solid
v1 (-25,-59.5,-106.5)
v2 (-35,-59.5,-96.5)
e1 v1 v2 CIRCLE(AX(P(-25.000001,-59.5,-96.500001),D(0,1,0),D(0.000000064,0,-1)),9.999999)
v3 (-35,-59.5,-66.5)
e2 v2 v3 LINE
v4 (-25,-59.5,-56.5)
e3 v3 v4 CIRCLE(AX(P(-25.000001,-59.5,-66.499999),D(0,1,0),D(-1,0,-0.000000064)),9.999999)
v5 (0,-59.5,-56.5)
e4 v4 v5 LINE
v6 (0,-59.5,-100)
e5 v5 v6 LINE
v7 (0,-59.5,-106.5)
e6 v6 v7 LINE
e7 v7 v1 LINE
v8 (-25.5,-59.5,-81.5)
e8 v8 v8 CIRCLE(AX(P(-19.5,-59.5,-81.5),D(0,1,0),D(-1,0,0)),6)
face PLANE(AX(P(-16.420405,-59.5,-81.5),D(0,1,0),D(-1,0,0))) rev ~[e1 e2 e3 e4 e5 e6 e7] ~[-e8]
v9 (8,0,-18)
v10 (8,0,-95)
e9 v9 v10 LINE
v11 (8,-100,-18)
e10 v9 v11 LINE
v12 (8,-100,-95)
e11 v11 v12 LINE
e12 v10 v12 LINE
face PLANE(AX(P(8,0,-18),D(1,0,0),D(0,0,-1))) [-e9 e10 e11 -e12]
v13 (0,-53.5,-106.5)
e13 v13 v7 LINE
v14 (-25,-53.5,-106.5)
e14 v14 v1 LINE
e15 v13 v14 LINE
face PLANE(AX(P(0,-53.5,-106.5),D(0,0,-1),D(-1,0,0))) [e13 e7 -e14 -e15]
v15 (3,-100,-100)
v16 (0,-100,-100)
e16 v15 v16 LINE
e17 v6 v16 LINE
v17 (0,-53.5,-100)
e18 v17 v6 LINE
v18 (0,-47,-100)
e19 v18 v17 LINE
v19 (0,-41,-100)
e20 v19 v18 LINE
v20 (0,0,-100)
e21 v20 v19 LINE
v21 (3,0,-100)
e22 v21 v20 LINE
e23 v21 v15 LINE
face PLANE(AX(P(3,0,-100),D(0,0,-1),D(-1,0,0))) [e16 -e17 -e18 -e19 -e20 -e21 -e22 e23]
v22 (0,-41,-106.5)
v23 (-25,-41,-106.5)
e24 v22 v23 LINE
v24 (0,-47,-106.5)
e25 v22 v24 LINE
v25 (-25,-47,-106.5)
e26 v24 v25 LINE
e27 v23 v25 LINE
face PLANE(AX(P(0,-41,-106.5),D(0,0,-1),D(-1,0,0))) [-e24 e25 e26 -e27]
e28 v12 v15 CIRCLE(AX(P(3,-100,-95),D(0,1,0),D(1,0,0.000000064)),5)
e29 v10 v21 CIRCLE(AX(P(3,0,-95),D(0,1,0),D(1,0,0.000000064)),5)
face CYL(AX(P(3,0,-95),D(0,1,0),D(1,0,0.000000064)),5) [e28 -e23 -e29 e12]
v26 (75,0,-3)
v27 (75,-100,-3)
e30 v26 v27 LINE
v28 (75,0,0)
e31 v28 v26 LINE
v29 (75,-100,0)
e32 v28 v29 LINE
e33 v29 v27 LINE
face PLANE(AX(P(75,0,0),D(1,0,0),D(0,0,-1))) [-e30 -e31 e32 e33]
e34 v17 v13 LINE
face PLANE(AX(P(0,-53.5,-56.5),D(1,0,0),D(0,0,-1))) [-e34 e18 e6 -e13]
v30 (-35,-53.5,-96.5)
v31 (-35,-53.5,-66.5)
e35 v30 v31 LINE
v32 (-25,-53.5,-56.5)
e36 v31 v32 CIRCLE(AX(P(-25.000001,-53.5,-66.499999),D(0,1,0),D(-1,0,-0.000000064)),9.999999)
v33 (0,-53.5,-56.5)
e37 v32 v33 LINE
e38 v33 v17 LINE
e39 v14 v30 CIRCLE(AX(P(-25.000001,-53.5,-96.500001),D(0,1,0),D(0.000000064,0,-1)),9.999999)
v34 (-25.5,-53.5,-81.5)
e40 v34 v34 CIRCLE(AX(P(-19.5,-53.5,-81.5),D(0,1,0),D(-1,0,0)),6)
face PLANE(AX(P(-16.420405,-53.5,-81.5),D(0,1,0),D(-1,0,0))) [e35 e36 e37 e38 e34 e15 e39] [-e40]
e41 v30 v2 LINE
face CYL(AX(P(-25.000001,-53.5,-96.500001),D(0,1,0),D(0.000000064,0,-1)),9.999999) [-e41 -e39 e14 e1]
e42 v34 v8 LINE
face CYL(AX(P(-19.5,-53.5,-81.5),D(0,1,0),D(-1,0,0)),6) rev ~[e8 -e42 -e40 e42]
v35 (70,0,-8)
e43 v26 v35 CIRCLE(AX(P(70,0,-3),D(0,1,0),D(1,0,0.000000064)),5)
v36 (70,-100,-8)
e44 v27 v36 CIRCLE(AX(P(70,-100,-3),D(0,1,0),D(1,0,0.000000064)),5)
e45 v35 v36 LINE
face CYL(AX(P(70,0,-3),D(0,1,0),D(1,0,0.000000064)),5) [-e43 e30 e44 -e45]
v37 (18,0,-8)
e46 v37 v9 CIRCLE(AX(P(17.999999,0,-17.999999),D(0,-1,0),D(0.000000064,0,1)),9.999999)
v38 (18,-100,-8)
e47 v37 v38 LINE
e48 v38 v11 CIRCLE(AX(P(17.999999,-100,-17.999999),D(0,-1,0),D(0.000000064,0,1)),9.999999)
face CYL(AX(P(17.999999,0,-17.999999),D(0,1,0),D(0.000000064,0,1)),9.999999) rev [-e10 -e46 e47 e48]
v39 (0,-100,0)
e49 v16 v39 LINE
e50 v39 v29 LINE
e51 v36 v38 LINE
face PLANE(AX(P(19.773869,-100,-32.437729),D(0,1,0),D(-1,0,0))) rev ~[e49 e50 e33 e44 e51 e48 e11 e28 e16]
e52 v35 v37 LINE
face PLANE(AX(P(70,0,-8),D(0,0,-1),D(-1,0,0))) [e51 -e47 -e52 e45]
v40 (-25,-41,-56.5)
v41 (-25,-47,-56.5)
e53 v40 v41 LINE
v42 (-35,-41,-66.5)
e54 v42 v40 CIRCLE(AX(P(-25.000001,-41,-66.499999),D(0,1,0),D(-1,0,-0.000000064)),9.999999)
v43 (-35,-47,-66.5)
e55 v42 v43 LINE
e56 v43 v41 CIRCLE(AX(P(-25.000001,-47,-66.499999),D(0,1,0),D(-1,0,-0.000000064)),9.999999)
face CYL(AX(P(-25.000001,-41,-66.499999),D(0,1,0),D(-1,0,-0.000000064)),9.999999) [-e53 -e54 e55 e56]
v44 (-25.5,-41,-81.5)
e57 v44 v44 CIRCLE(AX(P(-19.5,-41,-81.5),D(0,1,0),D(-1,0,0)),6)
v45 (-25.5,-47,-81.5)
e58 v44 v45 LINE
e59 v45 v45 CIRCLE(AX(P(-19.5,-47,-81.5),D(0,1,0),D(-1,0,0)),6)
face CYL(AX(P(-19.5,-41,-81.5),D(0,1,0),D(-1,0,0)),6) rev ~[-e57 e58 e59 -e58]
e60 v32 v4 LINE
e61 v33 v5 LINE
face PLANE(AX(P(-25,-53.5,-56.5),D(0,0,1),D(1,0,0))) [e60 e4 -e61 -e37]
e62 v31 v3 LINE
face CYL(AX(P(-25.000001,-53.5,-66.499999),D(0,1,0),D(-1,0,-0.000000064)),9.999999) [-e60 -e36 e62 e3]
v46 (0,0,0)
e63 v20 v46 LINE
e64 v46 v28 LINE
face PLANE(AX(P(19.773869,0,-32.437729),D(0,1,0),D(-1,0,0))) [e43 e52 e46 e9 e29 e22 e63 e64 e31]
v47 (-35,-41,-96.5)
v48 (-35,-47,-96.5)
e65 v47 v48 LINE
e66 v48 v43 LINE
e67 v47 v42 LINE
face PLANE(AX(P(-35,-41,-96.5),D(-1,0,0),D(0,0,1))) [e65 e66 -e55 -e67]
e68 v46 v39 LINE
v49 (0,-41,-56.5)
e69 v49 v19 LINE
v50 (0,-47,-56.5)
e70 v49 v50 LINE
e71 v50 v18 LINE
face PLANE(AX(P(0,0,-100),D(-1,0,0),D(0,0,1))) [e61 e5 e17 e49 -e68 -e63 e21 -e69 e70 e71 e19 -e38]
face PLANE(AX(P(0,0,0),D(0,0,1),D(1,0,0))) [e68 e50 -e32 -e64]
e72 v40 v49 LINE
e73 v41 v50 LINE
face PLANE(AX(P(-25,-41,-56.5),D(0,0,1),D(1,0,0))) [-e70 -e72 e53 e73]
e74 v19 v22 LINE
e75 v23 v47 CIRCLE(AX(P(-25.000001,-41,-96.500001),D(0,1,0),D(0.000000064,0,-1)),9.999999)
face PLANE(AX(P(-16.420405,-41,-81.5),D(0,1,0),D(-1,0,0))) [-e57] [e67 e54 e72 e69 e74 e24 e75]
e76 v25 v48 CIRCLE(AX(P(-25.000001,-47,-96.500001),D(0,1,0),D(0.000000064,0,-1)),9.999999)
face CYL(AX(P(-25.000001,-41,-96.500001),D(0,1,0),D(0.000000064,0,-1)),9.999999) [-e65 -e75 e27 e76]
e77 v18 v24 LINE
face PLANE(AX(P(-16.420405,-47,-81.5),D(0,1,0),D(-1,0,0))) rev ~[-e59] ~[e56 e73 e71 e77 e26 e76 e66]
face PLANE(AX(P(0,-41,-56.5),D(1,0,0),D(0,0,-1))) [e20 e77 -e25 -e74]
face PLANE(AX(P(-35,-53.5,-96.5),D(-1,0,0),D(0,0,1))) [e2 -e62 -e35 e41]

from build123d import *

# Parameters (mm, degrees)
F1_DEPTH = 100
F3_R     = 6
F4_DEPTH = 6
F6_R     = 6
F7_DEPTH = 6
F8_ANGLE = 180


with BuildPart() as f1:
    # F0 (on Front) → F1 (new body)
    with BuildSketch(Plane.XZ):
        with BuildLine():
            Line((0, 0), (-75, 0))
            Line((-75, 0), (-75, -3))
            ThreePointArc((-75, -3), (-73.535534, -6.535534), (-70, -8))
            Line((-70, -8), (-18, -8))
            ThreePointArc((-18, -8), (-10.928932, -10.928932), (-8, -18))
            Line((-8, -18), (-8, -95))
            ThreePointArc((-8, -95), (-6.535534, -98.535534), (-3, -100))
            Line((-3, -100), (0, -100))
            Line((0, -100), (0, 0))
        make_face()
    extrude(amount=-F1_DEPTH)

    # F3 (on offset) → F4 (join)
    with BuildSketch(Plane.XZ.offset(-41)):
        with BuildLine():
            Line((25, -56.5), (0, -56.5))
            Line((0, -56.5), (0, -106.5))
            Line((0, -106.5), (25, -106.5))
            ThreePointArc((25, -106.5), (32.071068, -103.571068), (35, -96.5))
            Line((35, -96.5), (35, -66.5))
            ThreePointArc((35, -66.5), (32.071068, -59.428932), (25, -56.5))
        make_face()
        with Locations((19.5, -81.5)):
            Circle(F3_R, mode=Mode.SUBTRACT)
    extrude(amount=-F4_DEPTH)

    # F6 (on offset) → F7 (join)
    with BuildSketch(Plane.XZ.offset(-53.5)):
        with BuildLine():
            Line((25, -56.5), (0, -56.5))
            Line((0, -56.5), (0, -106.5))
            Line((0, -106.5), (25, -106.5))
            ThreePointArc((25, -106.5), (32.071068, -103.571068), (35, -96.5))
            Line((35, -96.5), (35, -66.5))
            ThreePointArc((35, -66.5), (32.071068, -59.428932), (25, -56.5))
        make_face()
        with Locations((19.5, -81.5)):
            Circle(F6_R, mode=Mode.SUBTRACT)
    extrude(amount=-F7_DEPTH)


with BuildPart() as f1_1:
    # F8: moved
    add(f1.part.rotate(Axis((0, 0, -50), (0, 0, 1)), F8_ANGLE))


solid = f1_1.part
